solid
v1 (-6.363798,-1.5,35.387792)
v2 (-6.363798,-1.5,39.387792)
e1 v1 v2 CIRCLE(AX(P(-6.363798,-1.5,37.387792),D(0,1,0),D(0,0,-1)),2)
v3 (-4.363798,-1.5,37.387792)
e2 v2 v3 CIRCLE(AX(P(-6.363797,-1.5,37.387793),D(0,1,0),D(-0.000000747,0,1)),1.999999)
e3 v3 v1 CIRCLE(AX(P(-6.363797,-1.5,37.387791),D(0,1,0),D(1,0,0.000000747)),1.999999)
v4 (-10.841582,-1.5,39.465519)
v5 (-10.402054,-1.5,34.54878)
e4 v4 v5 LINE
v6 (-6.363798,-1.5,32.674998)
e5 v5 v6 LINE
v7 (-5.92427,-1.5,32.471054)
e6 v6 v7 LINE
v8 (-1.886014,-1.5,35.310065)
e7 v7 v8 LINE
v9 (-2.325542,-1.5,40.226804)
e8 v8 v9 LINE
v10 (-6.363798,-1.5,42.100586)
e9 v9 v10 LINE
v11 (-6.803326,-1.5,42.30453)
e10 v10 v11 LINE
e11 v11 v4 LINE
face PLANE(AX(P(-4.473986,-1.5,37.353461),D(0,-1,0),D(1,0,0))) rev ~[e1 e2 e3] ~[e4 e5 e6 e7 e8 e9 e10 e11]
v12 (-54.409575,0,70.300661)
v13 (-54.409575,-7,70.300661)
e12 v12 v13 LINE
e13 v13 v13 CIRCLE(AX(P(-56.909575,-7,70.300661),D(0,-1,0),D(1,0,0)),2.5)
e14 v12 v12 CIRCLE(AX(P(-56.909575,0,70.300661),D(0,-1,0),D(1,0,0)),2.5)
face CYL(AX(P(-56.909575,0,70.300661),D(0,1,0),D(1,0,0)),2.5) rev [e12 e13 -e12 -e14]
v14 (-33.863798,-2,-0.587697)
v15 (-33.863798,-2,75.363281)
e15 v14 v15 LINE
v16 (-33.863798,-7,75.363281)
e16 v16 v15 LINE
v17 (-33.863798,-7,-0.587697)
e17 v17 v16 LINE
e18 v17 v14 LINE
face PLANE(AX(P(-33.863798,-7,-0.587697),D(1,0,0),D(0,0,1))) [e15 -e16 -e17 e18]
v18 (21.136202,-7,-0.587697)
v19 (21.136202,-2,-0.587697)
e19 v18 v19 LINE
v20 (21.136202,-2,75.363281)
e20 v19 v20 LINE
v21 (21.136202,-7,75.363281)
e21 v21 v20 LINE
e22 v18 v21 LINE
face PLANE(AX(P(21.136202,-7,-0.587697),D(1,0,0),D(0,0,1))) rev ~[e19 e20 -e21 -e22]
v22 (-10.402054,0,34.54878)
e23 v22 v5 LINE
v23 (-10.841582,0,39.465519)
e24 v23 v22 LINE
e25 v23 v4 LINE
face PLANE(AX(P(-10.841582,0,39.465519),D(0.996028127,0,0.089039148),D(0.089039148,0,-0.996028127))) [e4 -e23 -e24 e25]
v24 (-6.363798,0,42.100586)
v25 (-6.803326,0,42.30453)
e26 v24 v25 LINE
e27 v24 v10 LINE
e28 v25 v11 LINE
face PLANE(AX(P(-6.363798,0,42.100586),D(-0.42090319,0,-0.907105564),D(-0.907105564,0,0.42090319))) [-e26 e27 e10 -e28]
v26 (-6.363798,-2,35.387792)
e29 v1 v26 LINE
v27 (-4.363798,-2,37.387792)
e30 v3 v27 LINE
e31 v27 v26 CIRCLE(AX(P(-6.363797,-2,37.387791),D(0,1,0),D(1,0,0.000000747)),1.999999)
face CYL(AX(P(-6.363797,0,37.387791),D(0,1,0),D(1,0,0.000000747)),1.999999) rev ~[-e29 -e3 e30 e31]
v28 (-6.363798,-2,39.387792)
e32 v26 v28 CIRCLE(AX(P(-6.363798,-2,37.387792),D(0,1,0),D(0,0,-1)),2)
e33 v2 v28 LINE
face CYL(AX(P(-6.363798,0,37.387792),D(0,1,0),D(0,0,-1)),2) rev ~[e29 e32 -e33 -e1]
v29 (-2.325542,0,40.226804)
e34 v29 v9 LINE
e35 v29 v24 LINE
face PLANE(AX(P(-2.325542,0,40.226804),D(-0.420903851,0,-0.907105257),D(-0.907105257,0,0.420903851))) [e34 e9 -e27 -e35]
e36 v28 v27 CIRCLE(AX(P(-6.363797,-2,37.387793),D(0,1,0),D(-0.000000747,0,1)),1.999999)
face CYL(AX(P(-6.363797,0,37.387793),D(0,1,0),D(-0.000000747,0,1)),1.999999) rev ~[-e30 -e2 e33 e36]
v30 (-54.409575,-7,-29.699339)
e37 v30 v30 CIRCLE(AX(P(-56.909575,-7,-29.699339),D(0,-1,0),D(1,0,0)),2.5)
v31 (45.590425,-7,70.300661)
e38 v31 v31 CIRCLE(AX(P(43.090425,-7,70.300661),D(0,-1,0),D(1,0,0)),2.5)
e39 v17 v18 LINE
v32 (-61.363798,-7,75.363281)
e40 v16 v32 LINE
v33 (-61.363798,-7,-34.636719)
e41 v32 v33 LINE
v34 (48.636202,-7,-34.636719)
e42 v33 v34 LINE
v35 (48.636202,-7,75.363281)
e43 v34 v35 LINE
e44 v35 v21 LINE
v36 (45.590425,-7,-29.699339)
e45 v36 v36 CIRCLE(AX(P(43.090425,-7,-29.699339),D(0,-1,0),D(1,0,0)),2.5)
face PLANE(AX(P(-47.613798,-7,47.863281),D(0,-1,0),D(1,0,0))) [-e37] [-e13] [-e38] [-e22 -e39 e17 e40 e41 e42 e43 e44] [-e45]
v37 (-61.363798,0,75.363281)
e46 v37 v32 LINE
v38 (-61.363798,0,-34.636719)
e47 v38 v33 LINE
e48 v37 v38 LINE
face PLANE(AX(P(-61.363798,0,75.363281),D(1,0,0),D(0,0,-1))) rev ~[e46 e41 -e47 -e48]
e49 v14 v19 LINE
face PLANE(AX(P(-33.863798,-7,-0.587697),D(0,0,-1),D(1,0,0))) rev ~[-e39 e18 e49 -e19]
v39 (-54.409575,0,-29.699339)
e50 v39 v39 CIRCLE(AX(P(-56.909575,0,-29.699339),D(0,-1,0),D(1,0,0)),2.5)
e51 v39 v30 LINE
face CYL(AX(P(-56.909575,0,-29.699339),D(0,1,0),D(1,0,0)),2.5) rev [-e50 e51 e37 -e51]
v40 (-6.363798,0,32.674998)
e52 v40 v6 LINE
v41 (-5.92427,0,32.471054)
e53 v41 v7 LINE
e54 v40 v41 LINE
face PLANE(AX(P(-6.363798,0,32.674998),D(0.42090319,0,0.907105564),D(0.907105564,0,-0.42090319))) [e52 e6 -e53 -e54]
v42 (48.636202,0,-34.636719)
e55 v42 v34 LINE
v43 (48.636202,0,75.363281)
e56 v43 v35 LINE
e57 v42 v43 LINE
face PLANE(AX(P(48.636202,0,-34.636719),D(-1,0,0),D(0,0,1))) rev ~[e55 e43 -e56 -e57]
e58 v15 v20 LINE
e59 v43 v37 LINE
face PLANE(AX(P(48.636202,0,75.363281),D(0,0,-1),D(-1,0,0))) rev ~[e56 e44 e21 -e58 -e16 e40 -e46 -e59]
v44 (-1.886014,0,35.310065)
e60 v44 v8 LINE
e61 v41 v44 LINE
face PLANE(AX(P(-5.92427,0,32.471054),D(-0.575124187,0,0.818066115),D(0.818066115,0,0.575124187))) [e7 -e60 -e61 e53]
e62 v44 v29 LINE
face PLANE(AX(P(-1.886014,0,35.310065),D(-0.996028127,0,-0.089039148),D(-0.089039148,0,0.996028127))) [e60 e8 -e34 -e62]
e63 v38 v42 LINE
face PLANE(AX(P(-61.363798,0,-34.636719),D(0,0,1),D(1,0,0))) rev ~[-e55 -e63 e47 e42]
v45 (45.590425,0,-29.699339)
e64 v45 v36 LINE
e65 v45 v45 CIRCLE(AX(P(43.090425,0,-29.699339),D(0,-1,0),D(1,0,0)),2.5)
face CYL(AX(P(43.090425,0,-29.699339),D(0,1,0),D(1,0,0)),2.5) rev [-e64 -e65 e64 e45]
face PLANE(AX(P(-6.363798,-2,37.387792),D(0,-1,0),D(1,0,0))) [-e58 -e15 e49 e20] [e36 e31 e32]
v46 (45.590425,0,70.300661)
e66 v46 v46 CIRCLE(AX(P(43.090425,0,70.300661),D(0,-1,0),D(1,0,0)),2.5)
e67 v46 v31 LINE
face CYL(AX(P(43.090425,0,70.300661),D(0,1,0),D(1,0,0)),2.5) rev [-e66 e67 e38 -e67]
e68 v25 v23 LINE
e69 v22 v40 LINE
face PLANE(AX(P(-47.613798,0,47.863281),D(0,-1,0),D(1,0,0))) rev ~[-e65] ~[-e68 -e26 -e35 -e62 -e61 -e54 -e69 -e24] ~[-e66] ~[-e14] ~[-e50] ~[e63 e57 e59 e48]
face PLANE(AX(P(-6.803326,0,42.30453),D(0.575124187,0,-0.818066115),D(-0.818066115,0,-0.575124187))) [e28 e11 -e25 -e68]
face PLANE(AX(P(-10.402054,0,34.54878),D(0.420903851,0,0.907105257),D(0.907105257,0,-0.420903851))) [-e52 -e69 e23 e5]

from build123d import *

# Parameters (mm, degrees)
F0_W     = 27.5
F0_H     = 55
F0_R     = 2.5
F0_H_2   = 20.950978
F1_DEPTH = 7
F2_W     = 55
F2_H     = 75.950978
F3_DEPTH = 5
F4_DEPTH = 1.5


with BuildPart() as f1:
    # F0 (on Front) → F1 (new body)
    with BuildSketch(Plane.XZ):
        with Locations((-47.613798, 47.863281)):
            Rectangle(F0_W, F0_H)
        with Locations((-56.909575, 70.300661)):
            Circle(F0_R, mode=Mode.SUBTRACT)
        Polygon((-33.863798, 20.363281), (-61.363798, 20.363281), (-61.363798, -34.636719), (48.636202, -34.636719), (48.636202, 20.363281), (21.136202, 20.363281), (21.136202, -0.587697), (-6.363798, -0.587697), (-33.863798, -0.587697), align=None)
        with Locations((-56.909575, -29.699339)):
            Circle(F0_R, mode=Mode.SUBTRACT)
        with Locations((43.090425, -29.699339)):
            Circle(F0_R, mode=Mode.SUBTRACT)
        with Locations((34.886202, 47.863281)):
            Rectangle(F0_W, F0_H)
        with Locations((43.090425, 70.300661)):
            Circle(F0_R, mode=Mode.SUBTRACT)
        Polygon((-6.363798, 75.363281), (-33.863798, 75.363281), (-33.863798, 20.363281), (-6.363798, 20.363281), (-6.363798, 32.674998), (-10.402054, 34.54878), (-10.841582, 39.465519), (-6.803326, 42.30453), (-6.363798, 42.100586), align=None)
        Polygon((21.136202, 75.363281), (-6.363798, 75.363281), (-6.363798, 42.100586), (-2.325542, 40.226804), (-1.886014, 35.310065), (-5.92427, 32.471054), (-6.363798, 32.674998), (-6.363798, 20.363281), (21.136202, 20.363281), align=None)
        with Locations((-20.113798, 9.887792)):
            Rectangle(F0_W, F0_H_2)
        with Locations((7.386202, 9.887792)):
            Rectangle(F0_W, F0_H_2)
        with BuildLine():
            Line((-2.325542, 40.226804), (-6.363798, 42.100586))
            Line((-6.363798, 42.100586), (-6.363798, 39.387792))
            ThreePointArc((-6.363798, 39.387792), (-4.949584, 38.802006), (-4.363798, 37.387792))
            ThreePointArc((-4.363798, 37.387792), (-4.949584, 35.973578), (-6.363798, 35.387792))
            Line((-6.363798, 35.387792), (-6.363798, 32.674998))
            Line((-6.363798, 32.674998), (-5.92427, 32.471054))
            Line((-5.92427, 32.471054), (-1.886014, 35.310065))
            Line((-1.886014, 35.310065), (-2.325542, 40.226804))
        make_face()
        with BuildLine():
            Line((-6.363798, 39.387792), (-6.363798, 42.100586))
            Line((-6.363798, 42.100586), (-6.803326, 42.30453))
            Line((-6.803326, 42.30453), (-10.841582, 39.465519))
            Line((-10.841582, 39.465519), (-10.402054, 34.54878))
            Line((-10.402054, 34.54878), (-6.363798, 32.674998))
            Line((-6.363798, 32.674998), (-6.363798, 35.387792))
            ThreePointArc((-6.363798, 35.387792), (-8.363798, 37.387792), (-6.363798, 39.387792))
        make_face()
    extrude(amount=F1_DEPTH)

    # F2 (on face) → F3 (cut)
    with BuildSketch(Plane.XZ.offset(7)):
        with Locations((-6.363798, 37.387792)):
            Rectangle(F2_W, F2_H)
    extrude(amount=-F3_DEPTH, mode=Mode.SUBTRACT)

    # F0 (on Front) → F4 (cut)
    with BuildSketch(Plane.XZ):
        with BuildLine():
            Line((-2.325542, 40.226804), (-6.363798, 42.100586))
            Line((-6.363798, 42.100586), (-6.363798, 39.387792))
            ThreePointArc((-6.363798, 39.387792), (-4.949584, 38.802006), (-4.363798, 37.387792))
            ThreePointArc((-4.363798, 37.387792), (-4.949584, 35.973578), (-6.363798, 35.387792))
            Line((-6.363798, 35.387792), (-6.363798, 32.674998))
            Line((-6.363798, 32.674998), (-5.92427, 32.471054))
            Line((-5.92427, 32.471054), (-1.886014, 35.310065))
            Line((-1.886014, 35.310065), (-2.325542, 40.226804))
        make_face()
        with BuildLine():
            Line((-6.363798, 39.387792), (-6.363798, 42.100586))
            Line((-6.363798, 42.100586), (-6.803326, 42.30453))
            Line((-6.803326, 42.30453), (-10.841582, 39.465519))
            Line((-10.841582, 39.465519), (-10.402054, 34.54878))
            Line((-10.402054, 34.54878), (-6.363798, 32.674998))
            Line((-6.363798, 32.674998), (-6.363798, 35.387792))
            ThreePointArc((-6.363798, 35.387792), (-8.363798, 37.387792), (-6.363798, 39.387792))
        make_face()
    extrude(amount=F4_DEPTH, mode=Mode.SUBTRACT)


solid = f1.part
